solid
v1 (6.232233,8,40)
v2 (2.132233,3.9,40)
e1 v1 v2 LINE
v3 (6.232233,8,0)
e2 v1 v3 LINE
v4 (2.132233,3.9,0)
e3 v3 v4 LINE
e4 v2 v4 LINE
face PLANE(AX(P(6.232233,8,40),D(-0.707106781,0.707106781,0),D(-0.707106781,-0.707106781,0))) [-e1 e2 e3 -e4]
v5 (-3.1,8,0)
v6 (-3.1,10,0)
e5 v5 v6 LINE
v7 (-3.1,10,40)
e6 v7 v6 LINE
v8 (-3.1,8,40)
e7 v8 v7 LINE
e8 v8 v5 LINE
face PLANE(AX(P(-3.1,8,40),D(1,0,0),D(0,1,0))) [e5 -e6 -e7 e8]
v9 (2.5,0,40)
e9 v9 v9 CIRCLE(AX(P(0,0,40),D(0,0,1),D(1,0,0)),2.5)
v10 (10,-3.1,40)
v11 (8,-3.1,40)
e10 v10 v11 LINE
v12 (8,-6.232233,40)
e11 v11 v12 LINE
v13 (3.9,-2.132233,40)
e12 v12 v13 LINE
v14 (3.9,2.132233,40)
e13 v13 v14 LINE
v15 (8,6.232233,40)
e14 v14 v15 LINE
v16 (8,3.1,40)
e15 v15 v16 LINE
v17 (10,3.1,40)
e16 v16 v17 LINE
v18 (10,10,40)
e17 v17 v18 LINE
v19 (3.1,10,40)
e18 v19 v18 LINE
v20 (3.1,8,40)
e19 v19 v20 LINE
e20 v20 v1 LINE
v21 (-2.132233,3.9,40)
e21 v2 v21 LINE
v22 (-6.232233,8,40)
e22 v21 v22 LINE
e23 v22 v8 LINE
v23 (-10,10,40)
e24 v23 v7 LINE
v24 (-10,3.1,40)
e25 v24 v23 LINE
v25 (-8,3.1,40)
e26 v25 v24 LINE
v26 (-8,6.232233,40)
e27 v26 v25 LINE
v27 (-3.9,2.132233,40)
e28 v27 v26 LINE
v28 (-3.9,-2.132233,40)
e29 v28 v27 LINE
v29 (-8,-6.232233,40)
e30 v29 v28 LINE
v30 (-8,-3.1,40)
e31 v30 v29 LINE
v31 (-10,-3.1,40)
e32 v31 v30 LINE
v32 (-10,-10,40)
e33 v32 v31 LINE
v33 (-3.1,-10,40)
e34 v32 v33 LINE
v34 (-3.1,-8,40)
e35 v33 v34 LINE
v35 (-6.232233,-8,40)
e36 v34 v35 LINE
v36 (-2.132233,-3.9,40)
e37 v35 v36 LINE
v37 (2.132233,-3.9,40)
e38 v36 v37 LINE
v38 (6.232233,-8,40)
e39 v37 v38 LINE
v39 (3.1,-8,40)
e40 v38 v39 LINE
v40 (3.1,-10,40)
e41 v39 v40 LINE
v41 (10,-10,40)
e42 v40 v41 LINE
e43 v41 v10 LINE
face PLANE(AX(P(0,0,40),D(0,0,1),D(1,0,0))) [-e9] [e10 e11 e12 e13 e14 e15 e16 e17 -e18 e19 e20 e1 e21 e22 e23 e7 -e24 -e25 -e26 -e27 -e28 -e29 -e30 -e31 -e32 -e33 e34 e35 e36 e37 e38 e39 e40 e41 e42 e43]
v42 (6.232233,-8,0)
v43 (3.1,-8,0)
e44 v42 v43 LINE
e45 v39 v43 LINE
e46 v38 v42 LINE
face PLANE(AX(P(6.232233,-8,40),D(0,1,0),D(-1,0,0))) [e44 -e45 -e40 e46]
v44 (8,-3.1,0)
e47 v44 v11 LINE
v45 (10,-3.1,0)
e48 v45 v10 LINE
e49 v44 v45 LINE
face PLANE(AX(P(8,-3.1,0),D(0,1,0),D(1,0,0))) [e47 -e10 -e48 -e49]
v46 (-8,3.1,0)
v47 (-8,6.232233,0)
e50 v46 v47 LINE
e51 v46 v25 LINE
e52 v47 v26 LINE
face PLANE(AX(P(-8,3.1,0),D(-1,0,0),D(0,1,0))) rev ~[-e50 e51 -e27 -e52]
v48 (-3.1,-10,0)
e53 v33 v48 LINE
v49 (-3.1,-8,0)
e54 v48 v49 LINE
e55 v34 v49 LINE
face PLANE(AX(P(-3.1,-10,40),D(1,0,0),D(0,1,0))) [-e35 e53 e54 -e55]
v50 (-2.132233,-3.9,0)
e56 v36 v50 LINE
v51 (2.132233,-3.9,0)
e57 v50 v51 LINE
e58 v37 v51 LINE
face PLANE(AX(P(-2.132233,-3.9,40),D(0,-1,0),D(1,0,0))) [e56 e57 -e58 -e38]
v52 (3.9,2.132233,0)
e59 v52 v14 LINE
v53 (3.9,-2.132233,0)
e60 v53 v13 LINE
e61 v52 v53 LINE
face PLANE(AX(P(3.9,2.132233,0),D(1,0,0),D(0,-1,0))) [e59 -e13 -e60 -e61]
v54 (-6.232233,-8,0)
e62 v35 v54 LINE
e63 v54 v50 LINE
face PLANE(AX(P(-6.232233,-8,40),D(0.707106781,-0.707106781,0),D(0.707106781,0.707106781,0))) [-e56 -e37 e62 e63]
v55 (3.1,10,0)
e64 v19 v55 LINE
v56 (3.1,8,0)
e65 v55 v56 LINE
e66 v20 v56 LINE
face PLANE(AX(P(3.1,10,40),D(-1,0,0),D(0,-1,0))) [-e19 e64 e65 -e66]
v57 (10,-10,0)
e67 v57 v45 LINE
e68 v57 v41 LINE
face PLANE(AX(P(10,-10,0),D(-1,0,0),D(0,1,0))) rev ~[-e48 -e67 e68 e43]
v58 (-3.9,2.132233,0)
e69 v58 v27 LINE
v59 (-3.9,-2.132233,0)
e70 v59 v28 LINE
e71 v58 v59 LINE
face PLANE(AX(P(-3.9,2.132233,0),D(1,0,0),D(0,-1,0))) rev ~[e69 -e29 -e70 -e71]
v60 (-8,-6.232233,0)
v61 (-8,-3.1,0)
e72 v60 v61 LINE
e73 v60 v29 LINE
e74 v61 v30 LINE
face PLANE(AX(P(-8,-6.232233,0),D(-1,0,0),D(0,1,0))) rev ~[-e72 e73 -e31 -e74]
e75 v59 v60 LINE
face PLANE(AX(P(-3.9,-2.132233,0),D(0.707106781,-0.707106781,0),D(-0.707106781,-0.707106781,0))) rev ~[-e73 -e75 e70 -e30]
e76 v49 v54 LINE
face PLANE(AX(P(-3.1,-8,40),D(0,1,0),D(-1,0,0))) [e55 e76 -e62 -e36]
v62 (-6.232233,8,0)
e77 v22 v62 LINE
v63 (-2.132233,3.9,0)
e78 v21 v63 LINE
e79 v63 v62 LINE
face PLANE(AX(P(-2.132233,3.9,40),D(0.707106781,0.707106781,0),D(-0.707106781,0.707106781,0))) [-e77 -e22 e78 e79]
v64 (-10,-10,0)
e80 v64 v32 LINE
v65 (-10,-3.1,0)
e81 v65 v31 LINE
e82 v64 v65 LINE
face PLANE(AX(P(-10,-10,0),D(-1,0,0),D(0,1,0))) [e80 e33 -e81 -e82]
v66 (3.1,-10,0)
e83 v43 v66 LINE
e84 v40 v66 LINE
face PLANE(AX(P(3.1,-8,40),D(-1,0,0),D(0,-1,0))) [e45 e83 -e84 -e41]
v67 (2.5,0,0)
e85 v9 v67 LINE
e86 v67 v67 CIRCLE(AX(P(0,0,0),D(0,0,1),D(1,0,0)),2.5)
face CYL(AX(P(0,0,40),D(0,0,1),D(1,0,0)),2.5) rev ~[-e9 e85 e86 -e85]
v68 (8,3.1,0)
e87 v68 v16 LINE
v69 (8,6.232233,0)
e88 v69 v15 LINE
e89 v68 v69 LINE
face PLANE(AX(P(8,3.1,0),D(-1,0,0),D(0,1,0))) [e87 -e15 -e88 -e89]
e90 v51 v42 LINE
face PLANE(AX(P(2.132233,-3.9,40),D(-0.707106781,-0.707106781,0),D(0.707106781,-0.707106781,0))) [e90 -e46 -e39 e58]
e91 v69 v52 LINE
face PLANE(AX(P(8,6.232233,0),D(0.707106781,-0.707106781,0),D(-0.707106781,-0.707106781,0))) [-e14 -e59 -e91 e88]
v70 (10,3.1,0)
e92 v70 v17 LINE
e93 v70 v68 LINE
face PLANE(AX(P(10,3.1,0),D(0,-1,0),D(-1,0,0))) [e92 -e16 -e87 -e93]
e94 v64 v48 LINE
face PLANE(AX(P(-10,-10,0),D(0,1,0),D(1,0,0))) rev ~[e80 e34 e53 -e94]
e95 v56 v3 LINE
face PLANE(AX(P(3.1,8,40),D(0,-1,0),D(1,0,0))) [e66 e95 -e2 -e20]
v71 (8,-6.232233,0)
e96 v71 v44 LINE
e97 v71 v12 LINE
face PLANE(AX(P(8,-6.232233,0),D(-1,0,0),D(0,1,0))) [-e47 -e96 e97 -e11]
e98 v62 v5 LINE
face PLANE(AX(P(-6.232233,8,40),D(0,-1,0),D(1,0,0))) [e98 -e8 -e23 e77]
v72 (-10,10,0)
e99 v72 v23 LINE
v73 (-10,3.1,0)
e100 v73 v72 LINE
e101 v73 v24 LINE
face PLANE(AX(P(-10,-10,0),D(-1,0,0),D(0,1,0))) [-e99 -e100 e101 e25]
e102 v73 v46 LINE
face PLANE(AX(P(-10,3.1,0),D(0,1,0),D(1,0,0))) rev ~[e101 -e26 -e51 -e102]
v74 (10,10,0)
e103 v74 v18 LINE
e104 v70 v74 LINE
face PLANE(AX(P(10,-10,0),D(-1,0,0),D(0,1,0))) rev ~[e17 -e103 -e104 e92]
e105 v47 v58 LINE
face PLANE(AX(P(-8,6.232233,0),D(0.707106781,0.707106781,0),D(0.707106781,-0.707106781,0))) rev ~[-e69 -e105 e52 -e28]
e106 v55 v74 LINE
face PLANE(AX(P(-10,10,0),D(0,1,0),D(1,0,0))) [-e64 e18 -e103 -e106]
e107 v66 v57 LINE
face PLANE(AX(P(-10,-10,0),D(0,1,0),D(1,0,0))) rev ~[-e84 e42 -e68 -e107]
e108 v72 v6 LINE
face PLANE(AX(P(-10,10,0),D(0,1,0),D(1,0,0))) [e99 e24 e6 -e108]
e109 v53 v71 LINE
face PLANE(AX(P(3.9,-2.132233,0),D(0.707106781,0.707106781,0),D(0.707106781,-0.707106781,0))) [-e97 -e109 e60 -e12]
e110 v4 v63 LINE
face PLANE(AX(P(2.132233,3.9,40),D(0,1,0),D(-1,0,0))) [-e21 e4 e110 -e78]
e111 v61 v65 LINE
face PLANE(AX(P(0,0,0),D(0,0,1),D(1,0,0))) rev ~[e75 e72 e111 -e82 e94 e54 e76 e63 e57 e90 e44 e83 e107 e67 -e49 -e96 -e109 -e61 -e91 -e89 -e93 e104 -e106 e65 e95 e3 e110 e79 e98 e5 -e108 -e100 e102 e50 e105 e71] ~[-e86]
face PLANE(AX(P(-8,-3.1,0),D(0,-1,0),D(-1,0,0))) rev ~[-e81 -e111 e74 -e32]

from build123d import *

# Parameters (mm, degrees)
SKETCH_W        = 20
SKETCH_H        = 20
PAD_DEPTH       = 40
SKETCH001_R     = 2.5
POCKET_DEPTH    = 40.001
POCKET001_DEPTH = 40.001


with BuildPart() as part:
    # Sketch → Pad (new body)
    with BuildSketch(Plane.XY):
        Rectangle(SKETCH_W, SKETCH_H)
    extrude(amount=PAD_DEPTH)

    # Sketch001 (on Face6 of Pad) → Pocket (cut, through all)
    with BuildSketch(Plane.XY.offset(40)):
        Circle(SKETCH001_R)
        Polygon((-3.1, 10), (3.1, 10), (3.1, 8), (6.232233, 8), (2.132233, 3.9), (-2.132233, 3.9), (-6.232233, 8), (-3.1, 8), align=None)
        Polygon((-3.1, -8), (-6.232233, -8), (-2.132233, -3.9), (2.132233, -3.9), (6.232233, -8), (3.1, -8), (3.1, -10), (-3.1, -10), align=None)
    extrude(amount=-POCKET_DEPTH, mode=Mode.SUBTRACT)

    # Sketch002 (on Face2 of Pocket) → Pocket001 (cut, through all)
    with BuildSketch(Plane(origin=(0, 0, 0), x_dir=(1, 0, 0), z_dir=(0, 0, -1))):
        Polygon((-10, -3.1), (-8, -3.1), (-8, -6.232233), (-3.9, -2.132233), (-3.9, 2.132233), (-8, 6.232233), (-8, 3.1), (-10, 3.1), align=None)
        Polygon((3.9, -2.132233), (3.9, 2.132233), (8, 6.232233), (8, 3.1), (10, 3.1), (10, -3.1), (8, -3.1), (8, -6.232233), align=None)
    extrude(amount=-POCKET001_DEPTH, mode=Mode.SUBTRACT)


solid = part.part
